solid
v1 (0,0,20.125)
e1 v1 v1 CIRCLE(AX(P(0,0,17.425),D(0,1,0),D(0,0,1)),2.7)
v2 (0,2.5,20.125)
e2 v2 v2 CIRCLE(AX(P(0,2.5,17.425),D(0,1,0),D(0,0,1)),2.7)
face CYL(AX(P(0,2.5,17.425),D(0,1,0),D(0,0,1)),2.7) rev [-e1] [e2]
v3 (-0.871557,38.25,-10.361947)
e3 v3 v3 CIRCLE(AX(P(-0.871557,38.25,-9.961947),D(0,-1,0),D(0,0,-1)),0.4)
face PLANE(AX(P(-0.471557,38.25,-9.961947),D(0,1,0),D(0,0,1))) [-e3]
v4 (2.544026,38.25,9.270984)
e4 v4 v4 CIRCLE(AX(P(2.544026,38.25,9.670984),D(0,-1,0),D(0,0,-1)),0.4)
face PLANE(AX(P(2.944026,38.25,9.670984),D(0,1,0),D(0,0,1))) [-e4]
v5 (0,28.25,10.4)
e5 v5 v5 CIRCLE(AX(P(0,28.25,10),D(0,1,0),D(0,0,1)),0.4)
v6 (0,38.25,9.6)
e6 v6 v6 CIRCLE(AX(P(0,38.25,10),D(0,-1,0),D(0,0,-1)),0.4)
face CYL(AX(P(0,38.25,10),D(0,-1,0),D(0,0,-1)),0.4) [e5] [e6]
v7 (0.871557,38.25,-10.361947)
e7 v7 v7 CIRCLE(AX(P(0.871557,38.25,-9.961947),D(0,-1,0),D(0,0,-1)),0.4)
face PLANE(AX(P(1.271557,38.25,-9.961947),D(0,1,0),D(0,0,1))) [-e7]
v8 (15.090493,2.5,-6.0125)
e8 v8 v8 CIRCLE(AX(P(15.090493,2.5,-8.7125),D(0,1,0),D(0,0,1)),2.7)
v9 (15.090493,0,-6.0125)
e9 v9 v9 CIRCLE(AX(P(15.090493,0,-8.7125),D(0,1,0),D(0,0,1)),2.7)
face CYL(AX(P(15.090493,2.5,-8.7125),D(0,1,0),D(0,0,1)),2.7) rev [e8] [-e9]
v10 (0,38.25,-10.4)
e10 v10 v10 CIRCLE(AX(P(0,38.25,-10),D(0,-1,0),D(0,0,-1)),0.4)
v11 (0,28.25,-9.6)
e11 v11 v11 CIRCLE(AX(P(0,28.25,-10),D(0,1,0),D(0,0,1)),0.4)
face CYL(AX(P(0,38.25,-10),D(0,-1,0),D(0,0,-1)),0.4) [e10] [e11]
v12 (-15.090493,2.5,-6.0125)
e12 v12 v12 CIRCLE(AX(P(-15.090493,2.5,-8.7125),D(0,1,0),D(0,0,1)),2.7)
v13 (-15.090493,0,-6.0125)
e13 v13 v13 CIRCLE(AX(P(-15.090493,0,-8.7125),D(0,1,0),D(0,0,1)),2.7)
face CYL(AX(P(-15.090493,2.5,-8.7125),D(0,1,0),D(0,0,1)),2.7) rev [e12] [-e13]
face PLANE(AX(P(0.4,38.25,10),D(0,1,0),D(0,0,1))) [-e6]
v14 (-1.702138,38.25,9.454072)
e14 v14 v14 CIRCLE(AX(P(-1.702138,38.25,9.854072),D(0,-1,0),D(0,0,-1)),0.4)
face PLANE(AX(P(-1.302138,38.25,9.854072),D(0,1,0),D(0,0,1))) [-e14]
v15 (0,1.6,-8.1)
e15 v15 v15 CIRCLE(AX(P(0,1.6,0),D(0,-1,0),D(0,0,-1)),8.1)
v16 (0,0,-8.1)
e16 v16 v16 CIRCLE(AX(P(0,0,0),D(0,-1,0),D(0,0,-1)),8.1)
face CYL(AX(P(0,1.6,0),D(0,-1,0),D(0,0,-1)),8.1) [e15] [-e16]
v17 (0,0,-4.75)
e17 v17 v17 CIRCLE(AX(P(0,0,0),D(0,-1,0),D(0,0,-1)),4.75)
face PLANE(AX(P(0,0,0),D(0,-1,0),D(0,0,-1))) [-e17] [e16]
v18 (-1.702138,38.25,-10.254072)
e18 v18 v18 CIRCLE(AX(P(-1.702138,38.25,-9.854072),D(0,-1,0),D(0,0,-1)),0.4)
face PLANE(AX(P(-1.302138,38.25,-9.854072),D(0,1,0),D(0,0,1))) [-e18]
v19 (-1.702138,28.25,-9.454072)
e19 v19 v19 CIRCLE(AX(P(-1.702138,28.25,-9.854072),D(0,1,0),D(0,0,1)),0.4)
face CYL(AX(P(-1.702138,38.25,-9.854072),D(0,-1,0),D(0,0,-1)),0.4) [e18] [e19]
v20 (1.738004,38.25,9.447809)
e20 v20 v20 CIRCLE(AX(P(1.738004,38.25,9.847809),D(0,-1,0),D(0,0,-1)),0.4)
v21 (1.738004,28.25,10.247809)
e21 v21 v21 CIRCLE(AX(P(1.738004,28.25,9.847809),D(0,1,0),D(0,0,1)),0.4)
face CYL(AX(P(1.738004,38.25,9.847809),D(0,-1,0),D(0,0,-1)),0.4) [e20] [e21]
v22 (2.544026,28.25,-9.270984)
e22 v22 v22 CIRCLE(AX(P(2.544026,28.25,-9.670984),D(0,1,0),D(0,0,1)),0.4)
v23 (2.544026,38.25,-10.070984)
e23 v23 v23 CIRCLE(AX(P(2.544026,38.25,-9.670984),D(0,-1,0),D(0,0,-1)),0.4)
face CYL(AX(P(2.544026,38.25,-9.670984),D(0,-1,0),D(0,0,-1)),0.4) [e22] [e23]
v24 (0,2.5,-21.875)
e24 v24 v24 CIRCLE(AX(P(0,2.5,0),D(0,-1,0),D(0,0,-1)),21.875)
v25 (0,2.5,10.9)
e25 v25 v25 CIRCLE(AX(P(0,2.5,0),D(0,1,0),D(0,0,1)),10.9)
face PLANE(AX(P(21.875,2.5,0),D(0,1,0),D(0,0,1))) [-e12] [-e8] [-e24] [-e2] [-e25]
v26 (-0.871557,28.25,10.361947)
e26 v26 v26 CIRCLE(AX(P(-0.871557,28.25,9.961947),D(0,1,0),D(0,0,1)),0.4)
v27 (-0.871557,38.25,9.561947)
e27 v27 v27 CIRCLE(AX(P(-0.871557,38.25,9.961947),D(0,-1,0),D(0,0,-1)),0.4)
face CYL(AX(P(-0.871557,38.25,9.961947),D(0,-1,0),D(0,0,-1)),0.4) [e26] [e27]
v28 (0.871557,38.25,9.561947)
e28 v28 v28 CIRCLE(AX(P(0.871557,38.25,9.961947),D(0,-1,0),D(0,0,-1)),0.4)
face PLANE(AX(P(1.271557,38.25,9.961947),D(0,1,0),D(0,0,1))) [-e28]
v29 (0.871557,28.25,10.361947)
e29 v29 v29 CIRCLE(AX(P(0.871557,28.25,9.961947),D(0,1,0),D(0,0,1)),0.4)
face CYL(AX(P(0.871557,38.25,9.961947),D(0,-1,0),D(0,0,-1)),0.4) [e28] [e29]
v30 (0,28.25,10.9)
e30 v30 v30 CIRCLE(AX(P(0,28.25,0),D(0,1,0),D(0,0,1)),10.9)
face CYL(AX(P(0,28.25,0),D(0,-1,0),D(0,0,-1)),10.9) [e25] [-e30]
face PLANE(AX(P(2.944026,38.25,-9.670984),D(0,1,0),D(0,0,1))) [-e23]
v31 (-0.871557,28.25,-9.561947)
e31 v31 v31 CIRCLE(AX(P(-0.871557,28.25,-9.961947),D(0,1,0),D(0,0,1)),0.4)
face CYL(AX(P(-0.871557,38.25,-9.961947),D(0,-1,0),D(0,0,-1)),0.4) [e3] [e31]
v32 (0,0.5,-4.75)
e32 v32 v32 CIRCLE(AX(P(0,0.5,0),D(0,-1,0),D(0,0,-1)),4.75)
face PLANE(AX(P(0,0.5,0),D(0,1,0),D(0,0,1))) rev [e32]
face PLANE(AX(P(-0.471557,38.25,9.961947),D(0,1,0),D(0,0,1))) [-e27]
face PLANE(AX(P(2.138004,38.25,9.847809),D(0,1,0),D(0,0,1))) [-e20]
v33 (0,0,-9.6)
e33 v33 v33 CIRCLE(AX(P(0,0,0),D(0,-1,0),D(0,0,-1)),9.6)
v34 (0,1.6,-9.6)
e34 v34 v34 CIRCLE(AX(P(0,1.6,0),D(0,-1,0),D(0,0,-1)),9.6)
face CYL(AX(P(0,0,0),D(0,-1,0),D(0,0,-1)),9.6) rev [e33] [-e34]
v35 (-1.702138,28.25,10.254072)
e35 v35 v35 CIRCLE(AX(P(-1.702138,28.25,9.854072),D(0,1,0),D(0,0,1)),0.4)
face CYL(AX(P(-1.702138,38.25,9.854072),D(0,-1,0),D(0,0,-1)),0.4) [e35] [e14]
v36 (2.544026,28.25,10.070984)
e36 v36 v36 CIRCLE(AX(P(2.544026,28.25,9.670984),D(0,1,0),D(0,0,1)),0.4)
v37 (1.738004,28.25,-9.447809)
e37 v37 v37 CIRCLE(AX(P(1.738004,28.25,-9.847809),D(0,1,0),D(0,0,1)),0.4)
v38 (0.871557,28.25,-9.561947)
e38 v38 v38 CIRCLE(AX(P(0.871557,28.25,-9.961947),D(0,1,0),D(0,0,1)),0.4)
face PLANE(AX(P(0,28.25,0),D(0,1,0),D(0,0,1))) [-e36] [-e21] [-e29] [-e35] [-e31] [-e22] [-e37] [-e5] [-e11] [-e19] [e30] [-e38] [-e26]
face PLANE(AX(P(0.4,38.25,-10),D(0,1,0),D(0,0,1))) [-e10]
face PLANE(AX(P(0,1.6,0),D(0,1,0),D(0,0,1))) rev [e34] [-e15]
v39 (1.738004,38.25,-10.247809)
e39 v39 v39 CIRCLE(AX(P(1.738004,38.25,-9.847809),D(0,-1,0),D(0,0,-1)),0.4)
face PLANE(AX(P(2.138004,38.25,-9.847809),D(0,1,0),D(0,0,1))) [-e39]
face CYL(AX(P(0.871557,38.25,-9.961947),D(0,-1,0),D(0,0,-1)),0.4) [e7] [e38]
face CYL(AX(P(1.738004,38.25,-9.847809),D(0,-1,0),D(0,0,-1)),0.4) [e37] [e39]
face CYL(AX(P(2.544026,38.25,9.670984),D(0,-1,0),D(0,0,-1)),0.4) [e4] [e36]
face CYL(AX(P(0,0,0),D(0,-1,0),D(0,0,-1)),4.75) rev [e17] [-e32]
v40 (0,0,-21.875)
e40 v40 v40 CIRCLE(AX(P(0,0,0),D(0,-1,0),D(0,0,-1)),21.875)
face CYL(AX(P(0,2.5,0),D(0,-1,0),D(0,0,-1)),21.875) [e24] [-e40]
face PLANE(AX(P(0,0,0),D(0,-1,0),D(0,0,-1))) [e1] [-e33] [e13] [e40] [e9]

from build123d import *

# Parameters (mm, degrees)
SKETCH_1_W                  = 21.875
SKETCH_1_H                  = 2.5
SKETCH_2_R                  = 10.9
EXTRUDE_1_DEPTH             = 25.75
HOLE_WIZARD_M18_1_D         = 19.2
HOLE_WIZARD_M18_1_DEPTH     = 1.6
SKETCH_5_W                  = 8.1
SKETCH_5_H                  = 1.6
SKETCH_6_W                  = 0.4
SKETCH_6_H                  = 10
SKETCH_7_W                  = 0.4
SKETCH_7_H                  = 10
SKETCH_8_W                  = 0.4
SKETCH_8_H                  = 10
SKETCH_9_W                  = 0.4
SKETCH_9_H                  = 10
SKETCH_10_W                 = 0.4
SKETCH_10_H                 = 10
SKETCH_11_W                 = 0.4
SKETCH_11_H                 = 10
SKETCH_12_W                 = 0.4
SKETCH_12_H                 = 10
SKETCH_13_W                 = 0.4
SKETCH_13_H                 = 10
SKETCH_14_W                 = 0.4
SKETCH_14_H                 = 10
SKETCH_15_W                 = 0.4
SKETCH_15_H                 = 10
SKETCH_16_W                 = 0.4
SKETCH_16_H                 = 10
SKETCH_17_W                 = 0.4
SKETCH_17_H                 = 10
HOLE_WIZARD_5_4_5_4_1_D     = 5.4
HOLE_WIZARD_9_5_9_5_1_D     = 9.5
HOLE_WIZARD_9_5_9_5_1_DEPTH = 0.5


with BuildPart() as part:
    # 草图1 → 旋转1 (revolve)
    with BuildSketch(Plane.XY, mode=Mode.PRIVATE) as revolve_1_sk:
        with Locations((10.9375, 1.25)):
            Rectangle(SKETCH_1_W, SKETCH_1_H)
    revolve(revolve_1_sk.sketch.rotate(Axis((0, 2.5, 0), (0, -1, 0)), 270), axis=Axis((0, 2.5, 0), (0, -1, 0)))

    # 草图2 → 凸台-拉伸1 (add)
    with BuildSketch(Plane(origin=(0, 2.5, 0), x_dir=(-1, 0, 0), z_dir=(0, 1, 0))):
        with Locations(Location((0, 0, 0), (0, 0, 90))):
            Circle(SKETCH_2_R)
    extrude(amount=EXTRUDE_1_DEPTH)

    # M18 间隙孔1
    with Locations(Plane(origin=(0, 0, 0), x_dir=(-1, 0, 0), z_dir=(0, -1, 0))):
        with Locations((0, 0)):
            Hole(HOLE_WIZARD_M18_1_D / 2, depth=HOLE_WIZARD_M18_1_DEPTH)

    # 草图5 → 旋转2 (revolve)
    with BuildSketch(Plane.XY, mode=Mode.PRIVATE) as revolve_2_sk:
        with Locations((4.05, 0.8)):
            Rectangle(SKETCH_5_W, SKETCH_5_H)
    revolve(revolve_2_sk.sketch.rotate(Axis((0, 1.6, 0), (0, -1, 0)), 270), axis=Axis((0, 1.6, 0), (0, -1, 0)))

    # 草图6 → 旋转3 (revolve)
    with BuildSketch(Plane.XY.offset(9.847808943), mode=Mode.PRIVATE) as revolve_3_sk:
        with Locations((1.938004324, 33.25)):
            Rectangle(SKETCH_6_W, SKETCH_6_H)
    revolve(revolve_3_sk.sketch.rotate(Axis((1.738004324, 38.25, 9.847808943), (0, -1, 0)), 270), axis=Axis((1.738004324, 38.25, 9.847808943), (0, -1, 0)))

    # 草图7 → 旋转4 (revolve)
    with BuildSketch(Plane.XY.offset(9.854071628), mode=Mode.PRIVATE) as revolve_4_sk:
        with Locations((-1.502137581, 33.25)):
            Rectangle(SKETCH_7_W, SKETCH_7_H)
    revolve(revolve_4_sk.sketch.rotate(Axis((-1.702137581, 38.25, 9.854071628), (0, -1, 0)), 270), axis=Axis((-1.702137581, 38.25, 9.854071628), (0, -1, 0)))

    # 草图8 → 旋转5 (revolve)
    with BuildSketch(Plane.XY.offset(9.961946981), mode=Mode.PRIVATE) as revolve_5_sk:
        with Locations((-0.671557427, 33.25)):
            Rectangle(SKETCH_8_W, SKETCH_8_H)
    revolve(revolve_5_sk.sketch.rotate(Axis((-0.871557427, 38.25, 9.961946981), (0, -1, 0)), 270), axis=Axis((-0.871557427, 38.25, 9.961946981), (0, -1, 0)))

    # 草图9 → 旋转6 (revolve)
    with BuildSketch(Plane.XY.offset(9.961946981), mode=Mode.PRIVATE) as revolve_6_sk:
        with Locations((1.071557427, 33.25)):
            Rectangle(SKETCH_9_W, SKETCH_9_H)
    revolve(revolve_6_sk.sketch.rotate(Axis((0.871557427, 38.25, 9.961946981), (0, -1, 0)), 270), axis=Axis((0.871557427, 38.25, 9.961946981), (0, -1, 0)))

    # 草图10 → 旋转7 (revolve)
    with BuildSketch(Plane.XY.offset(10), mode=Mode.PRIVATE) as revolve_7_sk:
        with Locations((0.2, 33.25)):
            Rectangle(SKETCH_10_W, SKETCH_10_H)
    revolve(revolve_7_sk.sketch.rotate(Axis((0, 38.25, 10), (0, -1, 0)), 270), axis=Axis((0, 38.25, 10), (0, -1, 0)))

    # 草图11 → 旋转8 (revolve)
    with BuildSketch(Plane.XY.offset(-9.670983902), mode=Mode.PRIVATE) as revolve_8_sk:
        with Locations((2.744026408, 33.25)):
            Rectangle(SKETCH_11_W, SKETCH_11_H)
    revolve(revolve_8_sk.sketch.rotate(Axis((2.544026408, 38.25, -9.670983902), (0, -1, 0)), 270), axis=Axis((2.544026408, 38.25, -9.670983902), (0, -1, 0)))

    # 草图12 → 旋转9 (revolve)
    with BuildSketch(Plane.XY.offset(-9.847808943), mode=Mode.PRIVATE) as revolve_9_sk:
        with Locations((1.938004324, 33.25)):
            Rectangle(SKETCH_12_W, SKETCH_12_H)
    revolve(revolve_9_sk.sketch.rotate(Axis((1.738004324, 38.25, -9.847808943), (0, -1, 0)), 270), axis=Axis((1.738004324, 38.25, -9.847808943), (0, -1, 0)))

    # 草图13 → 旋转10 (revolve)
    with BuildSketch(Plane.XY.offset(-9.854071628), mode=Mode.PRIVATE) as revolve_10_sk:
        with Locations((-1.502137581, 33.25)):
            Rectangle(SKETCH_13_W, SKETCH_13_H)
    revolve(revolve_10_sk.sketch.rotate(Axis((-1.702137581, 38.25, -9.854071628), (0, -1, 0)), 270), axis=Axis((-1.702137581, 38.25, -9.854071628), (0, -1, 0)))

    # 草图14 → 旋转11 (revolve)
    with BuildSketch(Plane.XY.offset(-9.961946981), mode=Mode.PRIVATE) as revolve_11_sk:
        with Locations((-0.671557427, 33.25)):
            Rectangle(SKETCH_14_W, SKETCH_14_H)
    revolve(revolve_11_sk.sketch.rotate(Axis((-0.871557427, 38.25, -9.961946981), (0, -1, 0)), 270), axis=Axis((-0.871557427, 38.25, -9.961946981), (0, -1, 0)))

    # 草图15 → 旋转12 (revolve)
    with BuildSketch(Plane.XY.offset(-9.961946981), mode=Mode.PRIVATE) as revolve_12_sk:
        with Locations((1.071557427, 33.25)):
            Rectangle(SKETCH_15_W, SKETCH_15_H)
    revolve(revolve_12_sk.sketch.rotate(Axis((0.871557427, 38.25, -9.961946981), (0, -1, 0)), 270), axis=Axis((0.871557427, 38.25, -9.961946981), (0, -1, 0)))

    # 草图16 → 旋转13 (revolve)
    with BuildSketch(Plane.XY.offset(-10), mode=Mode.PRIVATE) as revolve_13_sk:
        with Locations((0.2, 33.25)):
            Rectangle(SKETCH_16_W, SKETCH_16_H)
    revolve(revolve_13_sk.sketch.rotate(Axis((0, 38.25, -10), (0, -1, 0)), 270), axis=Axis((0, 38.25, -10), (0, -1, 0)))

    # 草图17 → 旋转14 (revolve)
    with BuildSketch(Plane.XY.offset(9.670983902), mode=Mode.PRIVATE) as revolve_14_sk:
        with Locations((2.744026408, 33.25)):
            Rectangle(SKETCH_17_W, SKETCH_17_H)
    revolve(revolve_14_sk.sketch.rotate(Axis((2.544026408, 38.25, 9.670983902), (0, -1, 0)), 270), axis=Axis((2.544026408, 38.25, 9.670983902), (0, -1, 0)))

    # Ø5.4 (5.4) 直径孔1 (through all)
    with Locations(Plane(origin=(0, 2.5, 0), x_dir=(1, 0, 0), z_dir=(0, 1, 0))):
        with Locations((0, -17.425), (-15.090492661, 8.7125), (15.090492661, 8.7125)):
            Hole(HOLE_WIZARD_5_4_5_4_1_D / 2)

    # Ø9.5 (9.5) 直径孔1
    with Locations(Plane(origin=(0, 0, 0), x_dir=(-1, 0, 0), z_dir=(0, -1, 0))):
        with Locations((0, 0)):
            Hole(HOLE_WIZARD_9_5_9_5_1_D / 2, depth=HOLE_WIZARD_9_5_9_5_1_DEPTH)


solid = part.part
